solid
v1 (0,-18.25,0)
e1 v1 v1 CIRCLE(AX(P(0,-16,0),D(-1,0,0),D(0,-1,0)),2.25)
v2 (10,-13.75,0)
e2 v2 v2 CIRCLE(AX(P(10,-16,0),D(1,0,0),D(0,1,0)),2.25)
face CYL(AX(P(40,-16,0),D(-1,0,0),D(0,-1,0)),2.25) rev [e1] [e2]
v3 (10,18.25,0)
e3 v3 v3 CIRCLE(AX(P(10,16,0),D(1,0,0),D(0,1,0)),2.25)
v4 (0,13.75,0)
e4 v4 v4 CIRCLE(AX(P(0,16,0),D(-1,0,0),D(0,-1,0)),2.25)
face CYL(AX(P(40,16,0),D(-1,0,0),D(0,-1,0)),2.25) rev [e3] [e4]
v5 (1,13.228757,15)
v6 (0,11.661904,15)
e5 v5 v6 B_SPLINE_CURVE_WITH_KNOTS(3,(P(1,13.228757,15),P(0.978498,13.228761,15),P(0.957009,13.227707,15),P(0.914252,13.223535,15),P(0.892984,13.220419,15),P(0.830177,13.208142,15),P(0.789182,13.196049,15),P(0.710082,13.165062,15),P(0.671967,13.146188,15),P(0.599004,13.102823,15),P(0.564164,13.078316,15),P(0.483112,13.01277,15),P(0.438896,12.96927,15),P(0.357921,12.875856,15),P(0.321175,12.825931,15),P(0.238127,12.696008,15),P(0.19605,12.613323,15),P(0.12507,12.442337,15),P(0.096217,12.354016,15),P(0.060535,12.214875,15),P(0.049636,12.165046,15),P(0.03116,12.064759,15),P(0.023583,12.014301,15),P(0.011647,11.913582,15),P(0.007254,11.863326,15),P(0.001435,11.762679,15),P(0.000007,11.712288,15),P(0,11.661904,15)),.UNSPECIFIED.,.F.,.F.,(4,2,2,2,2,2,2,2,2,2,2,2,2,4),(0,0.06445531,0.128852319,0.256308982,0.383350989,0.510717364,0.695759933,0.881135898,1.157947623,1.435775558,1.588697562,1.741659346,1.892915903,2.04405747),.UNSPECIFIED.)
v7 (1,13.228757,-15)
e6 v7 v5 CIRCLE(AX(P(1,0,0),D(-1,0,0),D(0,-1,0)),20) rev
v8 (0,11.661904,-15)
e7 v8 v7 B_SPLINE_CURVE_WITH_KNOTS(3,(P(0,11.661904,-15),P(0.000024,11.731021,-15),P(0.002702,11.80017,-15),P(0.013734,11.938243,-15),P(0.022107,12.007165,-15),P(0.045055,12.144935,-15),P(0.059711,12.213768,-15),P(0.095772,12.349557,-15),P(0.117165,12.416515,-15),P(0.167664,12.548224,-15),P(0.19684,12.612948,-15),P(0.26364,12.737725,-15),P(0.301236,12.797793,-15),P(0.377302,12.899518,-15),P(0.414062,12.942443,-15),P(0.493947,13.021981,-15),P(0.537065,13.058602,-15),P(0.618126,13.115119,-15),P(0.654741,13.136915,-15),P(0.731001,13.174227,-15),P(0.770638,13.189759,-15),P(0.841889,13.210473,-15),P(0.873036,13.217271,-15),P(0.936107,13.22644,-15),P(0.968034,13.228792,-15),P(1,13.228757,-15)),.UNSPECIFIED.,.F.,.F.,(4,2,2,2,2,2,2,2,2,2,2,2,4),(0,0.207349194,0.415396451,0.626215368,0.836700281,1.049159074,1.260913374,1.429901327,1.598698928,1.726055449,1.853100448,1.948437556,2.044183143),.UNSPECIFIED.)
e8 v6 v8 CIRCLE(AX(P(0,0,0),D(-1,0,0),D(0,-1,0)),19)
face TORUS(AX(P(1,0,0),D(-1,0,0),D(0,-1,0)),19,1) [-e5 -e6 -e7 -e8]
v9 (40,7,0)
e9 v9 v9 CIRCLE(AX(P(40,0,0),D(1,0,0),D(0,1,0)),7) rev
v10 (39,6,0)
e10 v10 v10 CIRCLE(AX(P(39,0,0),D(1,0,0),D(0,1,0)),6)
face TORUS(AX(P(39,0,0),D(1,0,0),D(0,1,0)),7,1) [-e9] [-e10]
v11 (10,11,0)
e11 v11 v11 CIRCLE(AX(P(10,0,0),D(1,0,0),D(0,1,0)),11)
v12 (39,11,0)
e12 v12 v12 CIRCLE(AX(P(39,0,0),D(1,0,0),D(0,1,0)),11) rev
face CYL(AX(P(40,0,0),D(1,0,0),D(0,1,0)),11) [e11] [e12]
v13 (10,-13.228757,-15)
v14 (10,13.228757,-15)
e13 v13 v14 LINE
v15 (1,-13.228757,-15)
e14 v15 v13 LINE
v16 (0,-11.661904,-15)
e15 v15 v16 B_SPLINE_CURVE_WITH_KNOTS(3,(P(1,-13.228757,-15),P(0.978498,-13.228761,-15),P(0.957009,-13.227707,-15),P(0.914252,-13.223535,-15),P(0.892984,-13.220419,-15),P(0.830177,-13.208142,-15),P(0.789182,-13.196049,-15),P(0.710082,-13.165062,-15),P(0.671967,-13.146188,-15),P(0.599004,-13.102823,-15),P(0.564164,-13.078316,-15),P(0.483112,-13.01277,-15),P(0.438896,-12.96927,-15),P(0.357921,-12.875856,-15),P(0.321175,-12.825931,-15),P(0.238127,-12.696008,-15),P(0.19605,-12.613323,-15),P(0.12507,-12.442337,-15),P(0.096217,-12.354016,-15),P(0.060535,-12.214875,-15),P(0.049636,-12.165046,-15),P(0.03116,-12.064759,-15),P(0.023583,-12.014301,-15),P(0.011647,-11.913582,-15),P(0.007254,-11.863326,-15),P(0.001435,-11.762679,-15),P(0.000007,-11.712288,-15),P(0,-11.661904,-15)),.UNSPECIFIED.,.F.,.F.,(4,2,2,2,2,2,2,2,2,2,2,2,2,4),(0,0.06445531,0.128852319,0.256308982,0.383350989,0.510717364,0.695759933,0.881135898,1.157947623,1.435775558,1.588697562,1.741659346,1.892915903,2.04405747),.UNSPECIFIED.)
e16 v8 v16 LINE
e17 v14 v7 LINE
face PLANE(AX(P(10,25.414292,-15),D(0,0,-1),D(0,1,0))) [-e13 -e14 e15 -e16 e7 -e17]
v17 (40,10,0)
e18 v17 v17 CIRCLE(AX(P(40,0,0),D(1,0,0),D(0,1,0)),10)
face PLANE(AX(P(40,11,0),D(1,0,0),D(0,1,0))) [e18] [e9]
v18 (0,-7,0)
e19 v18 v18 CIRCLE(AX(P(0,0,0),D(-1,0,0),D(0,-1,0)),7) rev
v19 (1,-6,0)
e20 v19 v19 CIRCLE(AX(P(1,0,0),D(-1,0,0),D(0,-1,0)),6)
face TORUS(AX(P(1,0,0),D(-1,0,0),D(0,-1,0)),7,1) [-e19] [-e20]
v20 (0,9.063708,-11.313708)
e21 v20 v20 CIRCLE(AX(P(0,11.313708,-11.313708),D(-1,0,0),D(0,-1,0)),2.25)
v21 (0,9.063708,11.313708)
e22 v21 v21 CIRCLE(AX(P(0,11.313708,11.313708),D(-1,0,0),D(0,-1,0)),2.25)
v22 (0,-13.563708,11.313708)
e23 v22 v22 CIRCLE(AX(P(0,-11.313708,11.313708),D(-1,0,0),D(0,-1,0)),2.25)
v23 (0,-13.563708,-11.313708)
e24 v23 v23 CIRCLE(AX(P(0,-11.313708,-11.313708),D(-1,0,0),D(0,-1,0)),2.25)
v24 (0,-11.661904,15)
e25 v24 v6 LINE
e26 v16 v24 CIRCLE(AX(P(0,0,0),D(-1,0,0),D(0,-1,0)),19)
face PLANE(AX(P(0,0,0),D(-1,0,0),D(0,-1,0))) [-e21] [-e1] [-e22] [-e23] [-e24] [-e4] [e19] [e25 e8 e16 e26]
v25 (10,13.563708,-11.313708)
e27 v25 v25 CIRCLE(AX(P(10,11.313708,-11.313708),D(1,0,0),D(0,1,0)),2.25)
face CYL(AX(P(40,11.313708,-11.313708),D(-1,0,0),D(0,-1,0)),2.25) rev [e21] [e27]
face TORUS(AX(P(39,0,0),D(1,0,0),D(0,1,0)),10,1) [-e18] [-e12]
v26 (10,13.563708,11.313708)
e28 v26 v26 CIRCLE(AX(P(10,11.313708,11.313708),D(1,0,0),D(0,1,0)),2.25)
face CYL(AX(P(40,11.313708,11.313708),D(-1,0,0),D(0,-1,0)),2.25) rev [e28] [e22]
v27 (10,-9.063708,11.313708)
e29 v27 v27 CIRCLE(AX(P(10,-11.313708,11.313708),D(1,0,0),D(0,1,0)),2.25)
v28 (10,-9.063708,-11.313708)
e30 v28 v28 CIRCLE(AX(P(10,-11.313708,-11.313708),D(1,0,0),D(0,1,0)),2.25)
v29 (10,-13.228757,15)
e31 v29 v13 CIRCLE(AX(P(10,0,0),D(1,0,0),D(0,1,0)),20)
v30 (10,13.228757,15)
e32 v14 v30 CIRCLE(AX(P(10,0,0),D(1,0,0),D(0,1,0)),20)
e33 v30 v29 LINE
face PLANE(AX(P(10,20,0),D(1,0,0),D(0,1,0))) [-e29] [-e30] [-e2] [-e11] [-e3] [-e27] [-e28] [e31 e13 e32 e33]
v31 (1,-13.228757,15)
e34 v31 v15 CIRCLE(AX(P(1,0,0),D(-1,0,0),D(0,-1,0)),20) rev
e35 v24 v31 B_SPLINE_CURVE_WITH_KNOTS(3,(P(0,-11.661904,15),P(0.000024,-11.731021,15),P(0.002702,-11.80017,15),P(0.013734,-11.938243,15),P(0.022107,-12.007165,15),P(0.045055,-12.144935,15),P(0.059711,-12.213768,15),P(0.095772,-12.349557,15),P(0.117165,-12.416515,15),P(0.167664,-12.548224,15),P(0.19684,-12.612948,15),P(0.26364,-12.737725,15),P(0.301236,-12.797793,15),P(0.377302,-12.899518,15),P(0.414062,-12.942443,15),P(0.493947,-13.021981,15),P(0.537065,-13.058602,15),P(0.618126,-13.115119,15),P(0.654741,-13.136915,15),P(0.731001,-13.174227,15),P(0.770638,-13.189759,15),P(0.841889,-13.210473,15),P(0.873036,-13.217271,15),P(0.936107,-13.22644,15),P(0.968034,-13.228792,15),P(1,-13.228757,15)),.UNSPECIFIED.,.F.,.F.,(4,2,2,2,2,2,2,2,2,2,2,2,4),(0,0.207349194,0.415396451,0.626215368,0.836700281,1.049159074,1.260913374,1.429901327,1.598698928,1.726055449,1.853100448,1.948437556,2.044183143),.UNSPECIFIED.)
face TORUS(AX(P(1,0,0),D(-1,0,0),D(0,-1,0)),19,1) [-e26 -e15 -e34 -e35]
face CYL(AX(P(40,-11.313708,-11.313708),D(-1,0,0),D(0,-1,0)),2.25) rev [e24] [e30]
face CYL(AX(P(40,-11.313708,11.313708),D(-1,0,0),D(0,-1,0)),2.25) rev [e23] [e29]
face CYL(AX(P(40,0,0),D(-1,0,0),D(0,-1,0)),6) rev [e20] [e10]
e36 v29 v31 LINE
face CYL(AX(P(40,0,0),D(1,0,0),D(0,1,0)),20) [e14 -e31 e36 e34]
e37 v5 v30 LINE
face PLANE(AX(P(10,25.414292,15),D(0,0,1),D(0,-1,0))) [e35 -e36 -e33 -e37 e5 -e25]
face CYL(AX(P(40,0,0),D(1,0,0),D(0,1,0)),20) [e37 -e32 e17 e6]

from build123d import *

# Parameters (mm, degrees)
SKETCH_2_R           = 6
CUT_EXTRUDE_1_DEPTH  = 49.989794856
SKETCH_3_R           = 2.25
CUT_EXTRUDE_2_DEPTH  = 49.989794856
SKETCH_4_OUTSIDE_W   = 55.856
SKETCH_4_OUTSIDE_H   = 55.856
SKETCH_4_OUTSIDE_W_2 = 30
SKETCH_4_OUTSIDE_H_2 = 50.828583192
CUT_EXTRUDE_3_DEPTH  = 10
FILLET_1_R           = 1


with BuildPart() as part:
    # 草图1 → 旋转1 (revolve)
    with BuildSketch(Plane.XY):
        Polygon((0, 0), (0, 20), (10, 20), (10, 11), (40, 11), (40, 0), align=None)
    revolve(axis=Axis((40, 0, 0), (-1, 0, 0)))

    # 草图2 → 切除-拉伸1 (cut, through all)
    with BuildSketch(Plane.ZY):
        with Locations(Location((0, 0, 0), (0, 0, 270))):
            Circle(SKETCH_2_R)
    extrude(amount=-CUT_EXTRUDE_1_DEPTH, mode=Mode.SUBTRACT)

    # 草图3 → 切除-拉伸2 (cut, through all)
    with BuildSketch(Plane.ZY):
        with Locations(Location((0, 16, 0), (0, 0, 270))):
            Circle(SKETCH_3_R)
        with Locations(Location((11.313708499, 11.313708499, 0), (0, 0, 270))):
            Circle(SKETCH_3_R)
        with Locations(Location((11.313708499, -11.313708499, 0), (0, 0, 270))):
            Circle(SKETCH_3_R)
        with Locations(Location((0, -16, 0), (0, 0, 270))):
            Circle(SKETCH_3_R)
        with Locations(Location((-11.313708499, -11.313708499, 0), (0, 0, 270))):
            Circle(SKETCH_3_R)
        with Locations(Location((-11.313708499, 11.313708499, 0), (0, 0, 270))):
            Circle(SKETCH_3_R)
    extrude(amount=-CUT_EXTRUDE_2_DEPTH, mode=Mode.SUBTRACT)

    # 草图4 outside → 切除-拉伸3 (cut)
    with BuildSketch(Plane.ZY):
        Rectangle(SKETCH_4_OUTSIDE_W, SKETCH_4_OUTSIDE_H)
        Rectangle(SKETCH_4_OUTSIDE_W_2, SKETCH_4_OUTSIDE_H_2, mode=Mode.SUBTRACT)
    extrude(amount=-CUT_EXTRUDE_3_DEPTH, mode=Mode.SUBTRACT)

    # 圆角1
    fillet_1_edges = [part.edges().sort_by_distance(p)[0] for p in [
        (40, 6, 0),
        (0, 6, 0),
        (0, -20, 0),
        (0, 20, 0),
        (40, -11, 0),
    ]]
    fillet(fillet_1_edges, radius=FILLET_1_R)


solid = part.part
